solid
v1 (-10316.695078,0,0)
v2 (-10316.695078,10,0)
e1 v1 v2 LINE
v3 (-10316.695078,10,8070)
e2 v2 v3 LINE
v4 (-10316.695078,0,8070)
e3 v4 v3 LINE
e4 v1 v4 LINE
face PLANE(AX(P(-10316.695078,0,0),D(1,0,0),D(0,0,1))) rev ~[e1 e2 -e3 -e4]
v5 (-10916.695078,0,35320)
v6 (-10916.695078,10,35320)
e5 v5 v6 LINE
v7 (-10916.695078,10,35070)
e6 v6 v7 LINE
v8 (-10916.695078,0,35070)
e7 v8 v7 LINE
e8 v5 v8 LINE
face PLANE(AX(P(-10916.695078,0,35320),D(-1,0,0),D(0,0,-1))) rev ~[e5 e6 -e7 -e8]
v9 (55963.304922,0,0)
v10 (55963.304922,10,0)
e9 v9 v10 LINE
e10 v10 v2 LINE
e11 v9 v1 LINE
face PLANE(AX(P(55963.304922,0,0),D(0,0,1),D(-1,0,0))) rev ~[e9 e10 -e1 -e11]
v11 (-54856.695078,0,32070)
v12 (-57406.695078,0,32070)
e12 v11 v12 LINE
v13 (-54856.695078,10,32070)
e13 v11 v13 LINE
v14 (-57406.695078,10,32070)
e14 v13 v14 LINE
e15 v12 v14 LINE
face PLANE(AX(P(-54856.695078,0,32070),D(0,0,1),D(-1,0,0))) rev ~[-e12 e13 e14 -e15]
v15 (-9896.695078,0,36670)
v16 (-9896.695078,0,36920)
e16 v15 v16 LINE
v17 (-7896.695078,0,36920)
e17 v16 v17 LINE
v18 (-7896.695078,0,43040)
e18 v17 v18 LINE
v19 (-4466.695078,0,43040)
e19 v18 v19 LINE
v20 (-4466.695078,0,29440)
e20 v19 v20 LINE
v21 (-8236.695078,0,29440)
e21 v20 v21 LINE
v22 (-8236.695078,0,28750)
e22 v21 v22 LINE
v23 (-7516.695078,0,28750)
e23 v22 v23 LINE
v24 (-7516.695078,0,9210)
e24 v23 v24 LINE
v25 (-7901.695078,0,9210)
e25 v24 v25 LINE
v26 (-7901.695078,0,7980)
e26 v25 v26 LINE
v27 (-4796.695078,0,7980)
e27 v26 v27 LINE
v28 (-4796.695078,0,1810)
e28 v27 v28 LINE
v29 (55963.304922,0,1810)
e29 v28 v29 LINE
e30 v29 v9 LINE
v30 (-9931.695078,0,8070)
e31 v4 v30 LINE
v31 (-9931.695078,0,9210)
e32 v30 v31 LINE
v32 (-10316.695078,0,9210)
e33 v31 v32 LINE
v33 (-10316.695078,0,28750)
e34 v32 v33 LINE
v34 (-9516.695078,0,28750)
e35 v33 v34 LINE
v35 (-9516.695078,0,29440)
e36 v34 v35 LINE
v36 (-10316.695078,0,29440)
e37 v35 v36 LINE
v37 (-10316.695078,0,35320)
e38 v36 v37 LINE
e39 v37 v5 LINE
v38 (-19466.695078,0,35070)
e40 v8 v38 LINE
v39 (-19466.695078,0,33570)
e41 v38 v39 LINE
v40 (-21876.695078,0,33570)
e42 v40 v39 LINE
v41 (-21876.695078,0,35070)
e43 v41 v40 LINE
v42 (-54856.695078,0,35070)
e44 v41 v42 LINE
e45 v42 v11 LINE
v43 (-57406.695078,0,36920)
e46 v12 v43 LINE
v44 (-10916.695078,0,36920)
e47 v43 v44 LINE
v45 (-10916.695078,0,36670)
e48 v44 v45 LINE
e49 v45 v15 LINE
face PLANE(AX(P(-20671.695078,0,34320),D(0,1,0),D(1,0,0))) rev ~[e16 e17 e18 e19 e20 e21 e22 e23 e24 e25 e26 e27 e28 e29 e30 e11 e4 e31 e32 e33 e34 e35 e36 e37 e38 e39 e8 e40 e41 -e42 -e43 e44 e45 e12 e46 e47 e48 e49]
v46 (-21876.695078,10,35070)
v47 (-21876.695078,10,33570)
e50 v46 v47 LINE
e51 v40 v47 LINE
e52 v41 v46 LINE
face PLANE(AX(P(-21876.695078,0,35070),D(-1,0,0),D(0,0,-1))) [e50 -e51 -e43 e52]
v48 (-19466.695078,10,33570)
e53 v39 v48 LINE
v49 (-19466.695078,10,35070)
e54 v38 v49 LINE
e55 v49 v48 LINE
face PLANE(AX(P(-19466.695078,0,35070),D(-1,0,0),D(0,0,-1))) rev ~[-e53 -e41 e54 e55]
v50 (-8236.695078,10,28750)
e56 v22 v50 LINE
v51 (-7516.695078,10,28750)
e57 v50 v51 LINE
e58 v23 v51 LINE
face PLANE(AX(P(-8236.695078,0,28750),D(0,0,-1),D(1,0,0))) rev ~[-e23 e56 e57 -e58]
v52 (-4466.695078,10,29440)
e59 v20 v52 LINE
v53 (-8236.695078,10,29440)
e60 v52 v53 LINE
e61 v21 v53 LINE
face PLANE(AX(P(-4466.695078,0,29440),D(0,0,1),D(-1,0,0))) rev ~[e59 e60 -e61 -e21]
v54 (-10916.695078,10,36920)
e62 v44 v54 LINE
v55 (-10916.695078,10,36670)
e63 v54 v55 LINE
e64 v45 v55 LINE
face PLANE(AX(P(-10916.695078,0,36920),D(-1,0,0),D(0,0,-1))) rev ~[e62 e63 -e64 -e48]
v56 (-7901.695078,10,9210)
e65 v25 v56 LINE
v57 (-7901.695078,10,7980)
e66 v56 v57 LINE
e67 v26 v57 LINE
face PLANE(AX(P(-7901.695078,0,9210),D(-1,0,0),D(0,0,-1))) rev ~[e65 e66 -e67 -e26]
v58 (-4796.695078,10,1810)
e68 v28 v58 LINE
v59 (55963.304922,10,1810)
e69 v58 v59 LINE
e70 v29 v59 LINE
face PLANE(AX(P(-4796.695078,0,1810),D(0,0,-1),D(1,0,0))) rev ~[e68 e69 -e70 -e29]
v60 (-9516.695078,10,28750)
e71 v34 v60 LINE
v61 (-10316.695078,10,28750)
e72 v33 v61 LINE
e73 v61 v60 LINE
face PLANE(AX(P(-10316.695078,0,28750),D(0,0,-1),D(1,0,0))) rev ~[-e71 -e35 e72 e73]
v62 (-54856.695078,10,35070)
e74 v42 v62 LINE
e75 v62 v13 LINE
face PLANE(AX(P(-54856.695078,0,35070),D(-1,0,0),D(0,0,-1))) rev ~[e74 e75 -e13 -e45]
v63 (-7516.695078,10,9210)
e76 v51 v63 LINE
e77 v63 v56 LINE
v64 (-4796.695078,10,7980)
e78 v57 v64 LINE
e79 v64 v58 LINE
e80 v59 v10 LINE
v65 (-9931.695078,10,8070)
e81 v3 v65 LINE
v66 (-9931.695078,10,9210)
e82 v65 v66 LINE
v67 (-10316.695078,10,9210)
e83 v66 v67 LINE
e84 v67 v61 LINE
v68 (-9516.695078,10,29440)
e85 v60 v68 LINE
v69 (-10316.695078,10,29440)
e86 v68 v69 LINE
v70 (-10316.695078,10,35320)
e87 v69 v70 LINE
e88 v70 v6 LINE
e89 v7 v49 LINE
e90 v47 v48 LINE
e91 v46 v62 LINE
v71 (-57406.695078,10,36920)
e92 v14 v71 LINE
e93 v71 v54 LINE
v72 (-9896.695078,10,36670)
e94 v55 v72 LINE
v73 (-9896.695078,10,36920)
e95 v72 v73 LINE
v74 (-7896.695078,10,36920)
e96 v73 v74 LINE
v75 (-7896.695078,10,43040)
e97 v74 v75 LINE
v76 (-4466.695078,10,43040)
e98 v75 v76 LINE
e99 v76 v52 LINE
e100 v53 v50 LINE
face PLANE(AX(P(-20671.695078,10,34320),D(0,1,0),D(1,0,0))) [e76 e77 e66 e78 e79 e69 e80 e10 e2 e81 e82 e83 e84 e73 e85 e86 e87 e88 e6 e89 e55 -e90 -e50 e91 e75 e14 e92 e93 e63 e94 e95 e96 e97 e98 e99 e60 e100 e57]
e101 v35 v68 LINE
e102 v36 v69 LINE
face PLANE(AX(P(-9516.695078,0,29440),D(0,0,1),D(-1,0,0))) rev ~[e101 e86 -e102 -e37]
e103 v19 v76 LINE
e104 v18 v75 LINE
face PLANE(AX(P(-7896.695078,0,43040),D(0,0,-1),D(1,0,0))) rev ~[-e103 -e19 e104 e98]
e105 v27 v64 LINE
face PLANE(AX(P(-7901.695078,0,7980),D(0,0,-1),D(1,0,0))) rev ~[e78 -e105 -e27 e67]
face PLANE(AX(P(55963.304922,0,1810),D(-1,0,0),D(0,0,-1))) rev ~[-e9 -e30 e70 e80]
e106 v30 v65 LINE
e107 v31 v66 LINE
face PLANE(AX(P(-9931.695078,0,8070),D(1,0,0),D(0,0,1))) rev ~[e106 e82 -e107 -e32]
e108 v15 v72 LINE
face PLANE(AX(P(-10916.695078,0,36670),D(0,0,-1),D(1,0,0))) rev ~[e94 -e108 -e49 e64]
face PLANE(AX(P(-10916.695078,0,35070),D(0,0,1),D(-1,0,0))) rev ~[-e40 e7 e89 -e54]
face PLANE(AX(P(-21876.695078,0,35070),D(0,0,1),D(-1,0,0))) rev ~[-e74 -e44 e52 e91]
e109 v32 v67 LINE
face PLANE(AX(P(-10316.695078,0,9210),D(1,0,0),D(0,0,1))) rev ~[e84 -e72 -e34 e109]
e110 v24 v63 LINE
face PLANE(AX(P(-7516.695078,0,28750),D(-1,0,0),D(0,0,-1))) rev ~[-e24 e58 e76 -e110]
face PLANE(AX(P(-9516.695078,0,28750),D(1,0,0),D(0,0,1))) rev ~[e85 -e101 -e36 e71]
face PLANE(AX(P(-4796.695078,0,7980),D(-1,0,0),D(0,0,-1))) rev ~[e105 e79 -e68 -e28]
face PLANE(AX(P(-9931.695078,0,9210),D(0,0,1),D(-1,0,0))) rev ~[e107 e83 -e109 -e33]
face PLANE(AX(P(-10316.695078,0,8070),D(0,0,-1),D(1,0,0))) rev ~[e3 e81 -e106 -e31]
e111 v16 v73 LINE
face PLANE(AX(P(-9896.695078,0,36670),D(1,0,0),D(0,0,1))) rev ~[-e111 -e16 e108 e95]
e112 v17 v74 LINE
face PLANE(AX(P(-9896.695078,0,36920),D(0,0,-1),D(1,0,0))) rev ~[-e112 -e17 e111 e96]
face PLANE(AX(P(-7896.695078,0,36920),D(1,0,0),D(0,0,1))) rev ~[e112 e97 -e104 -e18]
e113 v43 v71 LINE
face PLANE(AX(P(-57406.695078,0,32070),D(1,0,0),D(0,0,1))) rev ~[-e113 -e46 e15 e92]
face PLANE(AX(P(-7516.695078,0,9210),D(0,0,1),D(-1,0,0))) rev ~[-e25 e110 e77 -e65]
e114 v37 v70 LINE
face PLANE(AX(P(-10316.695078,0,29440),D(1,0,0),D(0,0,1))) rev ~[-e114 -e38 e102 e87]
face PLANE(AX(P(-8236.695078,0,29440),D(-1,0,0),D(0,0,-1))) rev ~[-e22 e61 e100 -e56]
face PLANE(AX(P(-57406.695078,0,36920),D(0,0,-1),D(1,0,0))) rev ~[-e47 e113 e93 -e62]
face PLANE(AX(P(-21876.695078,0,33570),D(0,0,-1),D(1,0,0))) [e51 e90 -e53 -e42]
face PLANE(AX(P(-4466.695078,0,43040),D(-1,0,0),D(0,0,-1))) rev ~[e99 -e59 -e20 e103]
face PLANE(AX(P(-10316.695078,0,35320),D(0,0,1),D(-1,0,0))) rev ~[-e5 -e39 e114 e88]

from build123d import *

# Parameters (mm, degrees)
SKETCH_1_W      = 2410
SKETCH_1_H      = 1500
EXTRUDE_1_DEPTH = 10


with BuildPart() as part:
    # 草图1 → 凸台-拉伸1 (new body)
    with BuildSketch(Plane(origin=(0, 0, 0), x_dir=(1, 0, 0), z_dir=(0, 1, 0))):
        with Locations((-20671.695078468, -34320)):
            Rectangle(SKETCH_1_W, SKETCH_1_H)
        Polygon((-7901.695078468, -9210), (-7901.695078468, -8070), (-7901.695078468, -7980), (-4796.695078468, -7980), (-4796.695078468, -1810), (55963.304921532, -1810), (55963.304921532, 0), (0, 0), (-10316.695078468, 0), (-10316.695078468, -8070), (-9931.695078468, -8070), (-9931.695078468, -9210), (-10316.695078468, -9210), (-10316.695078468, -28750), (-9516.695078468, -28750), (-9516.695078468, -29440), (-10316.695078468, -29440), (-10316.695078468, -35320), (-10916.695078468, -35320), (-10916.695078468, -35070), (-54856.695078468, -35070), (-54856.695078468, -32070), (-57406.695078468, -32070), (-57406.695078468, -36920), (-10916.695078468, -36920), (-10916.695078468, -36670), (-9896.695078468, -36670), (-9896.695078468, -36920), (-7896.695078468, -36920), (-7896.695078468, -43040), (-4466.695078468, -43040), (-4466.695078468, -29440), (-8236.695078468, -29440), (-8236.695078468, -28750), (-7516.695078468, -28750), (-7516.695078468, -9210), align=None)
    extrude(amount=EXTRUDE_1_DEPTH)


solid = part.part
